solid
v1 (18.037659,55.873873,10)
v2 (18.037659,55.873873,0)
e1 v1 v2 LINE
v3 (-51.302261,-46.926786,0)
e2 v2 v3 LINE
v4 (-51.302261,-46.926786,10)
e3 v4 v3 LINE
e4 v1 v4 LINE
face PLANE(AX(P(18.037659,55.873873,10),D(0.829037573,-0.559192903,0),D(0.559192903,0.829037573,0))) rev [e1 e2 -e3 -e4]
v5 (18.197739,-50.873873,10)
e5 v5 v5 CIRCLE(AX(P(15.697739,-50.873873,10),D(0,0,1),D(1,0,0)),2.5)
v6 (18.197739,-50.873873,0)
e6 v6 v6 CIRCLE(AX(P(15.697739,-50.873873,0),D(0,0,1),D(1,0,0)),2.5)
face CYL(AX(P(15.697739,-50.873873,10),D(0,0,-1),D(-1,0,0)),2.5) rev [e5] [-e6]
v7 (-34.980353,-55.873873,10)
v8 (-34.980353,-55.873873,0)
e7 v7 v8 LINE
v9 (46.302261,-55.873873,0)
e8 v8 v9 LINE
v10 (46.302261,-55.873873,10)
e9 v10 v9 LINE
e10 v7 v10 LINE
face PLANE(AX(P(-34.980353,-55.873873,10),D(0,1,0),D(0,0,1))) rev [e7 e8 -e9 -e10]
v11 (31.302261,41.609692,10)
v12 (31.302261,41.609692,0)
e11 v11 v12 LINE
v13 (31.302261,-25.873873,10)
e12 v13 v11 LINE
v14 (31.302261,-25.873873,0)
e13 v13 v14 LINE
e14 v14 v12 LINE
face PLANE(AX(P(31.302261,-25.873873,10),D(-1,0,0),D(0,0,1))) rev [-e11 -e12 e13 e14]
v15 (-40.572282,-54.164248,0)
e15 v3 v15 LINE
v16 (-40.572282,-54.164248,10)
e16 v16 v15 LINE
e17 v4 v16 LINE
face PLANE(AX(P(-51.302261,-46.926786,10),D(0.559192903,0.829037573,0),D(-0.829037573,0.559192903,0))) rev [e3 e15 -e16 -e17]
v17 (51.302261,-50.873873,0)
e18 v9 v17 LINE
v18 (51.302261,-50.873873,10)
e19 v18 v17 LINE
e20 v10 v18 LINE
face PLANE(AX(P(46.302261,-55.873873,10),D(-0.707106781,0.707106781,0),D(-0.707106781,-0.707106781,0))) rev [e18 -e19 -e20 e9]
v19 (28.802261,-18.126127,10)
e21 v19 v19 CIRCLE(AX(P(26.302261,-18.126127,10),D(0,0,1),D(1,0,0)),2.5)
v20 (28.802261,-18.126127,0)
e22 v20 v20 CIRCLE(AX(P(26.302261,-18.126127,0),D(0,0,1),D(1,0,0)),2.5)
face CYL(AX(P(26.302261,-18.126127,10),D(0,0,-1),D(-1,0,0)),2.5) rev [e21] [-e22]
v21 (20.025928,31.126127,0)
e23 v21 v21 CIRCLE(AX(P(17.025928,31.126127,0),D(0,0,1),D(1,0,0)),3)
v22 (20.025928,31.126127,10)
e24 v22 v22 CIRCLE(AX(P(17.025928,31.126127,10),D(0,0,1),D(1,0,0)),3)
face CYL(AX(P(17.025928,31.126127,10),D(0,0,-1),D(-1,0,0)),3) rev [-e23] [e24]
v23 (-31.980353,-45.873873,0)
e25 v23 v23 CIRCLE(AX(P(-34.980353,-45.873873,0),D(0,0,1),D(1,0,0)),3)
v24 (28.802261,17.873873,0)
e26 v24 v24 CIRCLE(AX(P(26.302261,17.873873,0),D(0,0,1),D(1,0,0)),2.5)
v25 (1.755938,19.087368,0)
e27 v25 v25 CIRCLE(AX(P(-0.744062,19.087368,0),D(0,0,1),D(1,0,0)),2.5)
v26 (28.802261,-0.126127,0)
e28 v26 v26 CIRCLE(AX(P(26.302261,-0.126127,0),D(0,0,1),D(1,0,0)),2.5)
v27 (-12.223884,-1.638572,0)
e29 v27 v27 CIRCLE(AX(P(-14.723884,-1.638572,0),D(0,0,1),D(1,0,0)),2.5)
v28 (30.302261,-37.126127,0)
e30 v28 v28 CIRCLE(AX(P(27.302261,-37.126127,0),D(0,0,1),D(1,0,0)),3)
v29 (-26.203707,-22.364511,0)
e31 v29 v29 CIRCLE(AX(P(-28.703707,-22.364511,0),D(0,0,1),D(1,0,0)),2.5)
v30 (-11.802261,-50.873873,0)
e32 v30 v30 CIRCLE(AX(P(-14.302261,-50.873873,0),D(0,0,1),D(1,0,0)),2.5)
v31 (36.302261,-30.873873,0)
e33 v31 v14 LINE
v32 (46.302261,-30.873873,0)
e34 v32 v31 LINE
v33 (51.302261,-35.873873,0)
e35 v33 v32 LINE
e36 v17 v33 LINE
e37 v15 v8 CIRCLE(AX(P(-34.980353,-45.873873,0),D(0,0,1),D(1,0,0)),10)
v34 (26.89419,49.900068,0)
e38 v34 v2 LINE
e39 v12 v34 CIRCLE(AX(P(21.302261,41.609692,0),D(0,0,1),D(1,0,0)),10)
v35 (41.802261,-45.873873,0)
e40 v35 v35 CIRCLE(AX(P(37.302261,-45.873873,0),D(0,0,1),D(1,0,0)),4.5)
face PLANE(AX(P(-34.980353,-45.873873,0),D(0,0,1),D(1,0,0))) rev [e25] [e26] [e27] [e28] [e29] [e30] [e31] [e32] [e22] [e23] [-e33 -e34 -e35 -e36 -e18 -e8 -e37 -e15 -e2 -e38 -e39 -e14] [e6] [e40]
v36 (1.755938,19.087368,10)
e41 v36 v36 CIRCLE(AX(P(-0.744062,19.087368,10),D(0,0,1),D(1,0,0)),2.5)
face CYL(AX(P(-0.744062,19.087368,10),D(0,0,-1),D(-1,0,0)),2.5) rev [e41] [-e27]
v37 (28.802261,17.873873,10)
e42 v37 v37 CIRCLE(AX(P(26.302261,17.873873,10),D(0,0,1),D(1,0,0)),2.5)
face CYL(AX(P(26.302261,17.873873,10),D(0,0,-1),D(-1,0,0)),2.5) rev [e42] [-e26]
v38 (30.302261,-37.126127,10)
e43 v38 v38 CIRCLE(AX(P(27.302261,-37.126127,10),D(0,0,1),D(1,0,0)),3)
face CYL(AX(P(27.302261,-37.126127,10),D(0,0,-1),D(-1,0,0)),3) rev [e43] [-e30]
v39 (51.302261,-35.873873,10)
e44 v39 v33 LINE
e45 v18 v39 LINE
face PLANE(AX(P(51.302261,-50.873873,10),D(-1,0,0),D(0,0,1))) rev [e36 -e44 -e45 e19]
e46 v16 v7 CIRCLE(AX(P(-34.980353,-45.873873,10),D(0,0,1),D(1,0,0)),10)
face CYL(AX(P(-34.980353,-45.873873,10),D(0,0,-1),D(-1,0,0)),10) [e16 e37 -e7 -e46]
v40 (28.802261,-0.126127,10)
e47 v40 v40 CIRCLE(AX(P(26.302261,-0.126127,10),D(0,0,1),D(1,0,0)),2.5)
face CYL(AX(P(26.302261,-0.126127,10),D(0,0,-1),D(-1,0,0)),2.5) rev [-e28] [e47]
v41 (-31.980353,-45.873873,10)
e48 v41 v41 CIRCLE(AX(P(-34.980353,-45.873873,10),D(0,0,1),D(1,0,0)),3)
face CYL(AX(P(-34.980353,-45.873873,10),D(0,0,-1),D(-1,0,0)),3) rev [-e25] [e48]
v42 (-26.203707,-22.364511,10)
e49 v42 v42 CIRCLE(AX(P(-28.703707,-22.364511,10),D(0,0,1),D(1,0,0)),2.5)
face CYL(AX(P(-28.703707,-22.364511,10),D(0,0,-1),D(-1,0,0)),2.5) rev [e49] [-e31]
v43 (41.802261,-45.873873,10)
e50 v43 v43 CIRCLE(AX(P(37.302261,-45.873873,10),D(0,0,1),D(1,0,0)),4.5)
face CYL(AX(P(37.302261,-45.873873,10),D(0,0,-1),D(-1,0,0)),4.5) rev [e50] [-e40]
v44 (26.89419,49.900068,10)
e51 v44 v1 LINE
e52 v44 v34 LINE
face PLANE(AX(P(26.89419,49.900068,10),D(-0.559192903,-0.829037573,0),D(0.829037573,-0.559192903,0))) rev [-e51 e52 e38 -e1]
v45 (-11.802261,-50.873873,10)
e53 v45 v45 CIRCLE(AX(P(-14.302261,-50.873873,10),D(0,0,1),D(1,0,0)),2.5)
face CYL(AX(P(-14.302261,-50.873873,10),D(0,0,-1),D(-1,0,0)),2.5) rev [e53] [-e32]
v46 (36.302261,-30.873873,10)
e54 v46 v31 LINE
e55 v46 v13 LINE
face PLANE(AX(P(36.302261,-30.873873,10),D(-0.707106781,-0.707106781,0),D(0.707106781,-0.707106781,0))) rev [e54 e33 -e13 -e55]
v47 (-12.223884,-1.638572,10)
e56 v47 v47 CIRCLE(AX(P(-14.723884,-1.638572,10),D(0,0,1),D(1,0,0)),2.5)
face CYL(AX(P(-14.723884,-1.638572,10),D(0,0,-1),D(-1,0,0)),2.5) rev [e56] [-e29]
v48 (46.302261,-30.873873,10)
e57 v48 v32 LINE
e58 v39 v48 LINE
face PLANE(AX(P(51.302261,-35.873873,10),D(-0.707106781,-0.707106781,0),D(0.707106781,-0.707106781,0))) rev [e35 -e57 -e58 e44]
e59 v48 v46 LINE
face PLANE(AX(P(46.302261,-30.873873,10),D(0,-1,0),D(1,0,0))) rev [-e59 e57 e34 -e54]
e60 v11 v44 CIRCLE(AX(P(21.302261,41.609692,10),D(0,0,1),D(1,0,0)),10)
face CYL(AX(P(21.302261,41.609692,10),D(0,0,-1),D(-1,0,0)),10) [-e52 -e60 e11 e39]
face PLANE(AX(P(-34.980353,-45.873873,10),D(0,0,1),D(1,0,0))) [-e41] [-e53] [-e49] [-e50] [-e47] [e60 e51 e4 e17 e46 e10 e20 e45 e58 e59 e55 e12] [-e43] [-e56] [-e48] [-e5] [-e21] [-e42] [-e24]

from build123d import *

# Parameters (mm, degrees)
SKETCH_2_R      = 3
SKETCH_2_R_2    = 2.5
SKETCH_2_R_3    = 4.5
EXTRUDE_1_DEPTH = 10


with BuildPart() as part:
    # Эскиз2 → Бобышка-Вытянуть1 (new body)
    with BuildSketch(Plane.XY):
        with BuildLine():
            Line((-34.98035262, -55.873872726), (46.302260596, -55.873872726))
            Line((46.302260596, -55.873872726), (51.302260596, -50.873872726))
            Line((51.302260596, -50.873872726), (51.302260596, -35.873872726))
            Line((51.302260596, -35.873872726), (46.302260596, -30.873872726))
            Line((46.302260596, -30.873872726), (36.302260596, -30.873872726))
            Line((36.302260596, -30.873872726), (31.302260596, -25.873872726))
            Line((31.302260596, -25.873872726), (31.302260596, 41.609691954))
            ThreePointArc((31.302260596, 41.609691954), (30.131736524, 46.304407582), (26.89418963, 49.90006768))
            Line((26.89418963, 49.90006768), (18.037659435, 55.873872726))
            Line((18.037659435, 55.873872726), (-51.302260596, -46.926786271))
            Line((-51.302260596, -46.926786271), (-40.572281655, -54.164248452))
            ThreePointArc((-40.572281655, -54.164248452), (-37.904069667, -55.436920286), (-34.98035262, -55.873872726))
        make_face()
        with Locations((27.302260596, -37.126127274)):
            Circle(SKETCH_2_R, mode=Mode.SUBTRACT)
        with Locations((17.025927685, 31.126127274)):
            Circle(SKETCH_2_R, mode=Mode.SUBTRACT)
        with Locations((-34.98035262, -45.873872726)):
            Circle(SKETCH_2_R, mode=Mode.SUBTRACT)
        with Locations((-28.703706918, -22.364510894)):
            Circle(SKETCH_2_R_2, mode=Mode.SUBTRACT)
        with Locations((-14.723884332, -1.63857158)):
            Circle(SKETCH_2_R_2, mode=Mode.SUBTRACT)
        with Locations((-0.744061745, 19.087367734)):
            Circle(SKETCH_2_R_2, mode=Mode.SUBTRACT)
        with Locations((-14.302260596, -50.873872726)):
            Circle(SKETCH_2_R_2, mode=Mode.SUBTRACT)
        with Locations((15.697739404, -50.873872726)):
            Circle(SKETCH_2_R_2, mode=Mode.SUBTRACT)
        with Locations((26.302260596, 17.873872726)):
            Circle(SKETCH_2_R_2, mode=Mode.SUBTRACT)
        with Locations((26.302260596, -0.126127274)):
            Circle(SKETCH_2_R_2, mode=Mode.SUBTRACT)
        with Locations((26.302260596, -18.126127274)):
            Circle(SKETCH_2_R_2, mode=Mode.SUBTRACT)
        with Locations((37.302260596, -45.873872726)):
            Circle(SKETCH_2_R_3, mode=Mode.SUBTRACT)
    extrude(amount=EXTRUDE_1_DEPTH)


solid = part.part
